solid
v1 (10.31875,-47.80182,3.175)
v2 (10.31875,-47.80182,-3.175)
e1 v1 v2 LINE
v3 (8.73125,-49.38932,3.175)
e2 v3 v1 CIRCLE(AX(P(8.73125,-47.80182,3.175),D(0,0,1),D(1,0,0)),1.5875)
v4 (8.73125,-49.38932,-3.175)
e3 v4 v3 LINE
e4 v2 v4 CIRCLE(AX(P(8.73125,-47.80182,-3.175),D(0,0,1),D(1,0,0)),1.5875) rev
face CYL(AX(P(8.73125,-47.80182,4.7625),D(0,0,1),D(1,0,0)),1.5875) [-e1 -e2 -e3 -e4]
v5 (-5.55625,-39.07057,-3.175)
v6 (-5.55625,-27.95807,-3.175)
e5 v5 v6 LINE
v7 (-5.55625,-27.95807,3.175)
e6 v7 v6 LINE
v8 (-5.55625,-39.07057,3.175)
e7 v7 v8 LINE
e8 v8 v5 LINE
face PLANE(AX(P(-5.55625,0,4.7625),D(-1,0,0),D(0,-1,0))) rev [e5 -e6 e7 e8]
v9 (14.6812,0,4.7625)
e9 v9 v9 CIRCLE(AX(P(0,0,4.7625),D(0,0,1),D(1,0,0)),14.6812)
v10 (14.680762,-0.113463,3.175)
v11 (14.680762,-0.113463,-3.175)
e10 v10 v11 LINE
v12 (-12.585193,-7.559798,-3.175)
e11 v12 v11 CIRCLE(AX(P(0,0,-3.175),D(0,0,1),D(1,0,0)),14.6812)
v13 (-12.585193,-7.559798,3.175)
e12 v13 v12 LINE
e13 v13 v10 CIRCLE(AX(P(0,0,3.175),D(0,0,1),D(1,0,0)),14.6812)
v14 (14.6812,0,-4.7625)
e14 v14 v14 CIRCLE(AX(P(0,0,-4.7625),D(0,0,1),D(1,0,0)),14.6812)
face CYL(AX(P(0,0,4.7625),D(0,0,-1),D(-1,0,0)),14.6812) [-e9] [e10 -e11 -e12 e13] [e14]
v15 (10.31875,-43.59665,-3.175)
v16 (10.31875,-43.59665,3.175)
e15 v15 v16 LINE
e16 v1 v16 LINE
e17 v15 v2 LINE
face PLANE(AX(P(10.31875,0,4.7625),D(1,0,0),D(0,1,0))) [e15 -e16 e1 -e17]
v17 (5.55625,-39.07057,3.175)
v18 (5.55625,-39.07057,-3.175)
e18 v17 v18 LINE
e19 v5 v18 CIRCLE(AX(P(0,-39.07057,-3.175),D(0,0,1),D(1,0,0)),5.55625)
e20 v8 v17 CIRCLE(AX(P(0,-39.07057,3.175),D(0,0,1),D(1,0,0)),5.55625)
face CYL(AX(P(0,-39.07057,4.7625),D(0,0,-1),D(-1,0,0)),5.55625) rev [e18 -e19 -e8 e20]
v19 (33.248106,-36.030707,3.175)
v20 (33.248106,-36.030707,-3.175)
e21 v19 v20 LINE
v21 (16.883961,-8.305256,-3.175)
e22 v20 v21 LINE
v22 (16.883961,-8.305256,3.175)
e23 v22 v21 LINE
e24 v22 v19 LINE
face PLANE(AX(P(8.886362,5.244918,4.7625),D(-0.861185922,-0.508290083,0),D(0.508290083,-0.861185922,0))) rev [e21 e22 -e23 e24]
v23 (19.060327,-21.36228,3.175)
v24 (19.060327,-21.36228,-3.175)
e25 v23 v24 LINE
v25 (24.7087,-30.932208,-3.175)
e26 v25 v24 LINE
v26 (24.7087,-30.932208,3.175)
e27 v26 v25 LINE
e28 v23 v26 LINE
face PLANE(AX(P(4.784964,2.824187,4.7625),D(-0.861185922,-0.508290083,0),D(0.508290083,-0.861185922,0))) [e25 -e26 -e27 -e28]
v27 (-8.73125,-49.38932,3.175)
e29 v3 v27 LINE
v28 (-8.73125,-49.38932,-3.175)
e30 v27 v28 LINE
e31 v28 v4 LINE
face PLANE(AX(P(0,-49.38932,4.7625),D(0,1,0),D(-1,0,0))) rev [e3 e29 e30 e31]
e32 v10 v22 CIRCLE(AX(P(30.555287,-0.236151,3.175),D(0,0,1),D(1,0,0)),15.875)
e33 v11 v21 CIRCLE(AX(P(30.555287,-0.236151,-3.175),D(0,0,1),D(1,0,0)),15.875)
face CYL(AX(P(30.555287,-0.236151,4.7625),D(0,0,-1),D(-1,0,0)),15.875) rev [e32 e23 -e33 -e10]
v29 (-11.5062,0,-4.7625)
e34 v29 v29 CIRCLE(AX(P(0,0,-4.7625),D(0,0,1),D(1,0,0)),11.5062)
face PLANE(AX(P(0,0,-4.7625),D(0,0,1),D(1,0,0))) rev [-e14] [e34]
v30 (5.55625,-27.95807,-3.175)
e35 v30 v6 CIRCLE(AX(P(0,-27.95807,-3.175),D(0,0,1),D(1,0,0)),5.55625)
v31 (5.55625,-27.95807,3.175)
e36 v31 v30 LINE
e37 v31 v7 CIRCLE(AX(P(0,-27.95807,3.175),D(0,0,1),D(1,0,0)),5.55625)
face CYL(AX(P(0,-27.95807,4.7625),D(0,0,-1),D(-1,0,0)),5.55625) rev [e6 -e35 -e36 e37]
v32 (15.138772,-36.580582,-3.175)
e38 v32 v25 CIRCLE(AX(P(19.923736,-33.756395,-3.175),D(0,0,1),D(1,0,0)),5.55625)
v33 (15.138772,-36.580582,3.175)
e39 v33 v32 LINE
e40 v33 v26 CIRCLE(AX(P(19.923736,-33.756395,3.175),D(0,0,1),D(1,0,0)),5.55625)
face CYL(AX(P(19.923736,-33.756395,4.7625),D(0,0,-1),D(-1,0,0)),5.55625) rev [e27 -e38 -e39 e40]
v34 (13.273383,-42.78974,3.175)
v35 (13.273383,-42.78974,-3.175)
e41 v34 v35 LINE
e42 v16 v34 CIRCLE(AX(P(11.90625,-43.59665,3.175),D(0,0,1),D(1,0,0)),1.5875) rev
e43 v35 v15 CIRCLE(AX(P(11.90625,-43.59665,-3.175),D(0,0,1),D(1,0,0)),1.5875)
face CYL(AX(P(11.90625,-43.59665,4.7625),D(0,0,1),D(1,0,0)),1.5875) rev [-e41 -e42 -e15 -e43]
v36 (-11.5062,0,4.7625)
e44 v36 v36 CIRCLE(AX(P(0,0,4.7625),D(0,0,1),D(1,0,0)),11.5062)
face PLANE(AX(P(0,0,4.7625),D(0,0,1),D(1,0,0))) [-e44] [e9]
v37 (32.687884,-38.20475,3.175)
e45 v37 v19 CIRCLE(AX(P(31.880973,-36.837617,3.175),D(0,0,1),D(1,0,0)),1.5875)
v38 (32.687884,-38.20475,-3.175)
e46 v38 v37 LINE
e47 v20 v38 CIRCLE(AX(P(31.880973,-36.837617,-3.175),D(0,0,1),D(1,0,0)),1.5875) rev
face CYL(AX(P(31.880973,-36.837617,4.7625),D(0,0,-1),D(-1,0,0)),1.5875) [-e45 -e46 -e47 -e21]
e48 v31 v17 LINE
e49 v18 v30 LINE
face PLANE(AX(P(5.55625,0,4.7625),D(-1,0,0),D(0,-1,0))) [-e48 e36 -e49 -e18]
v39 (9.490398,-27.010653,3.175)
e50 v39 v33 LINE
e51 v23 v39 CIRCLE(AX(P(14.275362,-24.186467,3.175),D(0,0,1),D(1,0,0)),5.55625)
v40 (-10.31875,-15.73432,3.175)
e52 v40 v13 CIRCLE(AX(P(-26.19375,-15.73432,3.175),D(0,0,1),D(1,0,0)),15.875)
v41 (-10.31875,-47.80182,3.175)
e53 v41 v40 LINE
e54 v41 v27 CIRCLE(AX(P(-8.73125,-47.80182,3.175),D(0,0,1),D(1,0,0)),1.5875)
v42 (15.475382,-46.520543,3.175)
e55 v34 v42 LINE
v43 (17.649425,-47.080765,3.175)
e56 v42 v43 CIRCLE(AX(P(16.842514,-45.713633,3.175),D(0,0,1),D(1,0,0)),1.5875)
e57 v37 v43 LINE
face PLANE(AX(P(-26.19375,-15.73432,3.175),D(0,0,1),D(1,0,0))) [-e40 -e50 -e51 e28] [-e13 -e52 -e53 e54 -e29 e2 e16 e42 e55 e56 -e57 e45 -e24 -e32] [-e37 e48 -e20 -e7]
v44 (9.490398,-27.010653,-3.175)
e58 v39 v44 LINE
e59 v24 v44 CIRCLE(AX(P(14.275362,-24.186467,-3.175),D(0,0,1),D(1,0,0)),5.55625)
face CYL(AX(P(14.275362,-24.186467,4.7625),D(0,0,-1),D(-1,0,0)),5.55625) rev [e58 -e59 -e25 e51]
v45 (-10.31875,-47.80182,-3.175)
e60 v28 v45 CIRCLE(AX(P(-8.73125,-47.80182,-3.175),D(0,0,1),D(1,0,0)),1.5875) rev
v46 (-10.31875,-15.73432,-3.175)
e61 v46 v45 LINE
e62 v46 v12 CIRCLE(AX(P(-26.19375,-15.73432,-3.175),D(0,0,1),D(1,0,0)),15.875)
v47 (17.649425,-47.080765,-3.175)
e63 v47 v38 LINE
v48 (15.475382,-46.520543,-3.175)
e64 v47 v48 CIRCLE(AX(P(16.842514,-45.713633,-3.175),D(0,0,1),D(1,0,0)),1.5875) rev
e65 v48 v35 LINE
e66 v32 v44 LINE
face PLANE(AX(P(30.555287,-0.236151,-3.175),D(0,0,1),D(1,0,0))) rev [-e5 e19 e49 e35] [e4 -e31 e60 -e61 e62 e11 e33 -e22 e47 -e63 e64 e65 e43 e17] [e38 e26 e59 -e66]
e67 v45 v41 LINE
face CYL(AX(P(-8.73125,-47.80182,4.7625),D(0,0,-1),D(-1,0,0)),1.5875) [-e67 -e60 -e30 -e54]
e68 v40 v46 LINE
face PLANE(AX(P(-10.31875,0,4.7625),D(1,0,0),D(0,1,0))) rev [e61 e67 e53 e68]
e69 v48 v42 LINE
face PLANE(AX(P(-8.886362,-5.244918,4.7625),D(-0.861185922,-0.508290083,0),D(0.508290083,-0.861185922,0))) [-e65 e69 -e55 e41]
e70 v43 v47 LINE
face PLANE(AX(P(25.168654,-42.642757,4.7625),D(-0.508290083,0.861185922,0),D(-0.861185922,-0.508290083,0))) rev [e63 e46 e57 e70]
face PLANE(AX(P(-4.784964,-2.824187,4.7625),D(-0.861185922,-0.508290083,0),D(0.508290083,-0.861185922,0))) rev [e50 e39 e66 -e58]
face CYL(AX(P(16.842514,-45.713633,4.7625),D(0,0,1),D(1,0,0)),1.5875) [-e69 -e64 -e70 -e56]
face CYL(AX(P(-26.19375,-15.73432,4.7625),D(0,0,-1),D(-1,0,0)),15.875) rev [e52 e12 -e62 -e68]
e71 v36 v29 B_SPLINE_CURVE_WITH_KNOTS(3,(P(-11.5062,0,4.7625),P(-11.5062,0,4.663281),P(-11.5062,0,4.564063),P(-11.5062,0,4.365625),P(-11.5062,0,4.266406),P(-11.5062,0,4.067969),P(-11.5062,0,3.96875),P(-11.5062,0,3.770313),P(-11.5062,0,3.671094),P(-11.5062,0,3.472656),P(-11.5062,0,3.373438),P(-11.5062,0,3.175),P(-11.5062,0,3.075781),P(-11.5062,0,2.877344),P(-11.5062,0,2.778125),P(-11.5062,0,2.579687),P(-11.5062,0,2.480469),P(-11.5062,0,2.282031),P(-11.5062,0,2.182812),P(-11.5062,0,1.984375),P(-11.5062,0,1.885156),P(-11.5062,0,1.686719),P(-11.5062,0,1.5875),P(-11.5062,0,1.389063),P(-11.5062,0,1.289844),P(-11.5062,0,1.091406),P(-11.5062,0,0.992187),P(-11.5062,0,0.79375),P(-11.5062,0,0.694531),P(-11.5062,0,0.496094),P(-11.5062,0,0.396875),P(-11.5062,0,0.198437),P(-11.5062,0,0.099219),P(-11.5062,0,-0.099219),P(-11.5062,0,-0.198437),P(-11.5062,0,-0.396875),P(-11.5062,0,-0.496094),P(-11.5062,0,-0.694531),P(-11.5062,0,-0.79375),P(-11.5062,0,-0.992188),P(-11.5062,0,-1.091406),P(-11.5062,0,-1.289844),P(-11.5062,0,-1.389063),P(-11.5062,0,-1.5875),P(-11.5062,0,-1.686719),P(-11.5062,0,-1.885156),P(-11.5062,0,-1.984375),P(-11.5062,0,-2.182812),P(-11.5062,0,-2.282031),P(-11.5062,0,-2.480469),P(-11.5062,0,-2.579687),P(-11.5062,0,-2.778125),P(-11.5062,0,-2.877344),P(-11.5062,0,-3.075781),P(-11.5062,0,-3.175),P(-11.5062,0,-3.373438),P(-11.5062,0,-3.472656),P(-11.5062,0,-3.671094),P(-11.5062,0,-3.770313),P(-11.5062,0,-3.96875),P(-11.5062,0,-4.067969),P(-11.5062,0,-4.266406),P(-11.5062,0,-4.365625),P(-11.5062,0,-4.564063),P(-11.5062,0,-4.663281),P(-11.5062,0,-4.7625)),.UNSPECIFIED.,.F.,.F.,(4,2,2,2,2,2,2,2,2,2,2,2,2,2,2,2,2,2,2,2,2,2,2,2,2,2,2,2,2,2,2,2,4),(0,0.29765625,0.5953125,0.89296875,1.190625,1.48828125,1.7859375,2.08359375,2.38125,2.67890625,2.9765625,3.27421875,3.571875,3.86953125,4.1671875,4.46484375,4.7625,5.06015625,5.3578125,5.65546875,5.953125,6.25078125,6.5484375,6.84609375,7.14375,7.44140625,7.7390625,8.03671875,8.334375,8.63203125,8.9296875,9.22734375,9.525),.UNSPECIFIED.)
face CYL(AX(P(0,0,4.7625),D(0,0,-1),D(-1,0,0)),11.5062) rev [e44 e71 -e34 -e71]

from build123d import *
from build123d.topology import SkipClean

# Parameters (mm, degrees)
SKETCH1_R           = 11.5062
BOSS_EXTRUDE1_DEPTH = 4.7625
CUT_EXTRUDE1_START  = 4.7625
CUT_EXTRUDE1_DEPTH  = 1.5875
CUT_EXTRUDE2_START  = -3.175
CUT_EXTRUDE2_DEPTH  = 1.5875
FILLET1_R           = 1.5875


with BuildPart() as part:
    # Sketch1 → Boss-Extrude1 (new, symmetric)
    # profile 1 of 2: a face of its own
    with BuildSketch(Plane.XY):
        with BuildLine():
            ThreePointArc((-12.585193267, -7.559797873), (-10.89585042, -11.492870345), (-10.31875, -15.734319794))
            Line((-10.31875, -15.734319794), (-10.31875, -49.389319794))
            Line((-10.31875, -49.389319794), (10.31875, -49.389319794))
            Line((10.31875, -49.389319794), (10.31875, -37.783763396))
            Line((10.31875, -37.783763396), (16.282292064, -47.887675791))
            Line((16.282292064, -47.887675791), (34.055016522, -37.397839205))
            Line((34.055016522, -37.397839205), (16.883960941, -8.3052564))
            ThreePointArc((16.883960941, -8.3052564), (15.225065006, -4.359245427), (14.68076155, -0.11346257))
            ThreePointArc((14.68076155, -0.11346257), (3.867793812, -14.162549363), (-12.585193267, -7.559797873))
        make_face()
        with BuildLine():
            ThreePointArc((5.55625, -39.070569794), (0, -44.626819794), (-5.55625, -39.070569794))
            Line((-5.55625, -39.070569794), (-5.55625, -27.958069794))
            ThreePointArc((-5.55625, -27.958069794), (0, -22.401819794), (5.55625, -27.958069794))
            Line((5.55625, -27.958069794), (5.55625, -39.070569794))
        make_face(mode=Mode.SUBTRACT)
        with BuildLine():
            ThreePointArc((24.708700277, -30.932208496), (22.747922773, -38.541359546), (15.138771723, -36.580582042))
            Line((15.138771723, -36.580582042), (9.490398177, -27.010653488))
            ThreePointArc((9.490398177, -27.010653488), (11.451175681, -19.401502438), (19.060326731, -21.362279942))
            Line((19.060326731, -21.362279942), (24.708700277, -30.932208496))
        make_face(mode=Mode.SUBTRACT)
    # profile 2 of 2: a face of its own
    with BuildSketch(Plane.XY):
        with BuildLine():
            ThreePointArc((14.68076155, -0.11346257), (-3.867793812, 14.162549363), (-12.585193267, -7.559797873))
            ThreePointArc((-12.585193267, -7.559797873), (3.867793812, -14.162549363), (14.68076155, -0.11346257))
        make_face()
        with Locations(Location((0, 0, 0), (0, 0, 180))):
            Circle(SKETCH1_R, mode=Mode.SUBTRACT)
    extrude(amount=BOSS_EXTRUDE1_DEPTH, both=True)

    # Sketch3 → Cut-Extrude1 (cut)
    with SkipClean():  # the faces are left unmerged after this step: merging them gives an invalid solid
        with BuildSketch(Plane.XY.offset(CUT_EXTRUDE1_START)):
            with BuildLine():
                ThreePointArc((-12.585193267, -7.559797873), (3.867793812, -14.162549363), (14.68076155, -0.11346257))
                ThreePointArc((14.68076155, -0.11346257), (15.225065006, -4.359245427), (16.883960941, -8.3052564))
                Line((16.883960941, -8.3052564), (34.055016522, -37.397839205))
                Line((34.055016522, -37.397839205), (16.282292064, -47.887675791))
                Line((16.282292064, -47.887675791), (10.31875, -37.783763396))
                Line((10.31875, -37.783763396), (10.31875, -49.389319794))
                Line((10.31875, -49.389319794), (-10.31875, -49.389319794))
                Line((-10.31875, -49.389319794), (-10.31875, -15.734319794))
                ThreePointArc((-10.31875, -15.734319794), (-10.89585042, -11.492870345), (-12.585193267, -7.559797873))
            make_face()
            with BuildLine():
                ThreePointArc((19.060326731, -21.362279942), (11.451175681, -19.401502438), (9.490398177, -27.010653488))
                Line((9.490398177, -27.010653488), (15.138771723, -36.580582042))
                ThreePointArc((15.138771723, -36.580582042), (22.747922773, -38.541359546), (24.708700277, -30.932208496))
                Line((24.708700277, -30.932208496), (19.060326731, -21.362279942))
            make_face(mode=Mode.SUBTRACT)
            with BuildLine():
                ThreePointArc((5.55625, -27.958069794), (0, -22.401819794), (-5.55625, -27.958069794))
                Line((-5.55625, -27.958069794), (-5.55625, -39.070569794))
                ThreePointArc((-5.55625, -39.070569794), (0, -44.626819794), (5.55625, -39.070569794))
                Line((5.55625, -39.070569794), (5.55625, -27.958069794))
            make_face(mode=Mode.SUBTRACT)
        extrude(amount=-CUT_EXTRUDE1_DEPTH, mode=Mode.SUBTRACT)

    # Sketch3<11> → Cut-Extrude2 (cut)
    with SkipClean():  # the faces are left unmerged after this step: merging them gives an invalid solid
        with BuildSketch(Plane.XY.offset(CUT_EXTRUDE2_START)):
            with BuildLine():
                ThreePointArc((-12.585193267, -7.559797873), (3.867793812, -14.162549363), (14.68076155, -0.11346257))
                ThreePointArc((14.68076155, -0.11346257), (15.225065006, -4.359245427), (16.883960941, -8.3052564))
                Line((16.883960941, -8.3052564), (34.055016522, -37.397839205))
                Line((34.055016522, -37.397839205), (16.282292064, -47.887675791))
                Line((16.282292064, -47.887675791), (10.31875, -37.783763396))
                Line((10.31875, -37.783763396), (10.31875, -49.389319794))
                Line((10.31875, -49.389319794), (-10.31875, -49.389319794))
                Line((-10.31875, -49.389319794), (-10.31875, -15.734319794))
                ThreePointArc((-10.31875, -15.734319794), (-10.89585042, -11.492870345), (-12.585193267, -7.559797873))
            make_face()
            with BuildLine():
                ThreePointArc((19.060326731, -21.362279942), (11.451175681, -19.401502438), (9.490398177, -27.010653488))
                Line((9.490398177, -27.010653488), (15.138771723, -36.580582042))
                ThreePointArc((15.138771723, -36.580582042), (22.747922773, -38.541359546), (24.708700277, -30.932208496))
                Line((24.708700277, -30.932208496), (19.060326731, -21.362279942))
            make_face(mode=Mode.SUBTRACT)
            with BuildLine():
                ThreePointArc((5.55625, -27.958069794), (0, -22.401819794), (-5.55625, -27.958069794))
                Line((-5.55625, -27.958069794), (-5.55625, -39.070569794))
                ThreePointArc((-5.55625, -39.070569794), (0, -44.626819794), (5.55625, -39.070569794))
                Line((5.55625, -39.070569794), (5.55625, -27.958069794))
            make_face(mode=Mode.SUBTRACT)
        extrude(amount=-CUT_EXTRUDE2_DEPTH, mode=Mode.SUBTRACT)

    # Fillet1
    fillet1_edges = [part.edges().sort_by_distance(p)[0] for p in [
        (34.055016522, -37.397839205, 0),
        (16.282292064, -47.887675791, 0),
        (10.31875, -37.783763396, 0),
        (10.31875, -49.389319794, 0),
        (-10.31875, -49.389319794, 0),
    ]]
    fillet(fillet1_edges, radius=FILLET1_R)


solid = part.part
